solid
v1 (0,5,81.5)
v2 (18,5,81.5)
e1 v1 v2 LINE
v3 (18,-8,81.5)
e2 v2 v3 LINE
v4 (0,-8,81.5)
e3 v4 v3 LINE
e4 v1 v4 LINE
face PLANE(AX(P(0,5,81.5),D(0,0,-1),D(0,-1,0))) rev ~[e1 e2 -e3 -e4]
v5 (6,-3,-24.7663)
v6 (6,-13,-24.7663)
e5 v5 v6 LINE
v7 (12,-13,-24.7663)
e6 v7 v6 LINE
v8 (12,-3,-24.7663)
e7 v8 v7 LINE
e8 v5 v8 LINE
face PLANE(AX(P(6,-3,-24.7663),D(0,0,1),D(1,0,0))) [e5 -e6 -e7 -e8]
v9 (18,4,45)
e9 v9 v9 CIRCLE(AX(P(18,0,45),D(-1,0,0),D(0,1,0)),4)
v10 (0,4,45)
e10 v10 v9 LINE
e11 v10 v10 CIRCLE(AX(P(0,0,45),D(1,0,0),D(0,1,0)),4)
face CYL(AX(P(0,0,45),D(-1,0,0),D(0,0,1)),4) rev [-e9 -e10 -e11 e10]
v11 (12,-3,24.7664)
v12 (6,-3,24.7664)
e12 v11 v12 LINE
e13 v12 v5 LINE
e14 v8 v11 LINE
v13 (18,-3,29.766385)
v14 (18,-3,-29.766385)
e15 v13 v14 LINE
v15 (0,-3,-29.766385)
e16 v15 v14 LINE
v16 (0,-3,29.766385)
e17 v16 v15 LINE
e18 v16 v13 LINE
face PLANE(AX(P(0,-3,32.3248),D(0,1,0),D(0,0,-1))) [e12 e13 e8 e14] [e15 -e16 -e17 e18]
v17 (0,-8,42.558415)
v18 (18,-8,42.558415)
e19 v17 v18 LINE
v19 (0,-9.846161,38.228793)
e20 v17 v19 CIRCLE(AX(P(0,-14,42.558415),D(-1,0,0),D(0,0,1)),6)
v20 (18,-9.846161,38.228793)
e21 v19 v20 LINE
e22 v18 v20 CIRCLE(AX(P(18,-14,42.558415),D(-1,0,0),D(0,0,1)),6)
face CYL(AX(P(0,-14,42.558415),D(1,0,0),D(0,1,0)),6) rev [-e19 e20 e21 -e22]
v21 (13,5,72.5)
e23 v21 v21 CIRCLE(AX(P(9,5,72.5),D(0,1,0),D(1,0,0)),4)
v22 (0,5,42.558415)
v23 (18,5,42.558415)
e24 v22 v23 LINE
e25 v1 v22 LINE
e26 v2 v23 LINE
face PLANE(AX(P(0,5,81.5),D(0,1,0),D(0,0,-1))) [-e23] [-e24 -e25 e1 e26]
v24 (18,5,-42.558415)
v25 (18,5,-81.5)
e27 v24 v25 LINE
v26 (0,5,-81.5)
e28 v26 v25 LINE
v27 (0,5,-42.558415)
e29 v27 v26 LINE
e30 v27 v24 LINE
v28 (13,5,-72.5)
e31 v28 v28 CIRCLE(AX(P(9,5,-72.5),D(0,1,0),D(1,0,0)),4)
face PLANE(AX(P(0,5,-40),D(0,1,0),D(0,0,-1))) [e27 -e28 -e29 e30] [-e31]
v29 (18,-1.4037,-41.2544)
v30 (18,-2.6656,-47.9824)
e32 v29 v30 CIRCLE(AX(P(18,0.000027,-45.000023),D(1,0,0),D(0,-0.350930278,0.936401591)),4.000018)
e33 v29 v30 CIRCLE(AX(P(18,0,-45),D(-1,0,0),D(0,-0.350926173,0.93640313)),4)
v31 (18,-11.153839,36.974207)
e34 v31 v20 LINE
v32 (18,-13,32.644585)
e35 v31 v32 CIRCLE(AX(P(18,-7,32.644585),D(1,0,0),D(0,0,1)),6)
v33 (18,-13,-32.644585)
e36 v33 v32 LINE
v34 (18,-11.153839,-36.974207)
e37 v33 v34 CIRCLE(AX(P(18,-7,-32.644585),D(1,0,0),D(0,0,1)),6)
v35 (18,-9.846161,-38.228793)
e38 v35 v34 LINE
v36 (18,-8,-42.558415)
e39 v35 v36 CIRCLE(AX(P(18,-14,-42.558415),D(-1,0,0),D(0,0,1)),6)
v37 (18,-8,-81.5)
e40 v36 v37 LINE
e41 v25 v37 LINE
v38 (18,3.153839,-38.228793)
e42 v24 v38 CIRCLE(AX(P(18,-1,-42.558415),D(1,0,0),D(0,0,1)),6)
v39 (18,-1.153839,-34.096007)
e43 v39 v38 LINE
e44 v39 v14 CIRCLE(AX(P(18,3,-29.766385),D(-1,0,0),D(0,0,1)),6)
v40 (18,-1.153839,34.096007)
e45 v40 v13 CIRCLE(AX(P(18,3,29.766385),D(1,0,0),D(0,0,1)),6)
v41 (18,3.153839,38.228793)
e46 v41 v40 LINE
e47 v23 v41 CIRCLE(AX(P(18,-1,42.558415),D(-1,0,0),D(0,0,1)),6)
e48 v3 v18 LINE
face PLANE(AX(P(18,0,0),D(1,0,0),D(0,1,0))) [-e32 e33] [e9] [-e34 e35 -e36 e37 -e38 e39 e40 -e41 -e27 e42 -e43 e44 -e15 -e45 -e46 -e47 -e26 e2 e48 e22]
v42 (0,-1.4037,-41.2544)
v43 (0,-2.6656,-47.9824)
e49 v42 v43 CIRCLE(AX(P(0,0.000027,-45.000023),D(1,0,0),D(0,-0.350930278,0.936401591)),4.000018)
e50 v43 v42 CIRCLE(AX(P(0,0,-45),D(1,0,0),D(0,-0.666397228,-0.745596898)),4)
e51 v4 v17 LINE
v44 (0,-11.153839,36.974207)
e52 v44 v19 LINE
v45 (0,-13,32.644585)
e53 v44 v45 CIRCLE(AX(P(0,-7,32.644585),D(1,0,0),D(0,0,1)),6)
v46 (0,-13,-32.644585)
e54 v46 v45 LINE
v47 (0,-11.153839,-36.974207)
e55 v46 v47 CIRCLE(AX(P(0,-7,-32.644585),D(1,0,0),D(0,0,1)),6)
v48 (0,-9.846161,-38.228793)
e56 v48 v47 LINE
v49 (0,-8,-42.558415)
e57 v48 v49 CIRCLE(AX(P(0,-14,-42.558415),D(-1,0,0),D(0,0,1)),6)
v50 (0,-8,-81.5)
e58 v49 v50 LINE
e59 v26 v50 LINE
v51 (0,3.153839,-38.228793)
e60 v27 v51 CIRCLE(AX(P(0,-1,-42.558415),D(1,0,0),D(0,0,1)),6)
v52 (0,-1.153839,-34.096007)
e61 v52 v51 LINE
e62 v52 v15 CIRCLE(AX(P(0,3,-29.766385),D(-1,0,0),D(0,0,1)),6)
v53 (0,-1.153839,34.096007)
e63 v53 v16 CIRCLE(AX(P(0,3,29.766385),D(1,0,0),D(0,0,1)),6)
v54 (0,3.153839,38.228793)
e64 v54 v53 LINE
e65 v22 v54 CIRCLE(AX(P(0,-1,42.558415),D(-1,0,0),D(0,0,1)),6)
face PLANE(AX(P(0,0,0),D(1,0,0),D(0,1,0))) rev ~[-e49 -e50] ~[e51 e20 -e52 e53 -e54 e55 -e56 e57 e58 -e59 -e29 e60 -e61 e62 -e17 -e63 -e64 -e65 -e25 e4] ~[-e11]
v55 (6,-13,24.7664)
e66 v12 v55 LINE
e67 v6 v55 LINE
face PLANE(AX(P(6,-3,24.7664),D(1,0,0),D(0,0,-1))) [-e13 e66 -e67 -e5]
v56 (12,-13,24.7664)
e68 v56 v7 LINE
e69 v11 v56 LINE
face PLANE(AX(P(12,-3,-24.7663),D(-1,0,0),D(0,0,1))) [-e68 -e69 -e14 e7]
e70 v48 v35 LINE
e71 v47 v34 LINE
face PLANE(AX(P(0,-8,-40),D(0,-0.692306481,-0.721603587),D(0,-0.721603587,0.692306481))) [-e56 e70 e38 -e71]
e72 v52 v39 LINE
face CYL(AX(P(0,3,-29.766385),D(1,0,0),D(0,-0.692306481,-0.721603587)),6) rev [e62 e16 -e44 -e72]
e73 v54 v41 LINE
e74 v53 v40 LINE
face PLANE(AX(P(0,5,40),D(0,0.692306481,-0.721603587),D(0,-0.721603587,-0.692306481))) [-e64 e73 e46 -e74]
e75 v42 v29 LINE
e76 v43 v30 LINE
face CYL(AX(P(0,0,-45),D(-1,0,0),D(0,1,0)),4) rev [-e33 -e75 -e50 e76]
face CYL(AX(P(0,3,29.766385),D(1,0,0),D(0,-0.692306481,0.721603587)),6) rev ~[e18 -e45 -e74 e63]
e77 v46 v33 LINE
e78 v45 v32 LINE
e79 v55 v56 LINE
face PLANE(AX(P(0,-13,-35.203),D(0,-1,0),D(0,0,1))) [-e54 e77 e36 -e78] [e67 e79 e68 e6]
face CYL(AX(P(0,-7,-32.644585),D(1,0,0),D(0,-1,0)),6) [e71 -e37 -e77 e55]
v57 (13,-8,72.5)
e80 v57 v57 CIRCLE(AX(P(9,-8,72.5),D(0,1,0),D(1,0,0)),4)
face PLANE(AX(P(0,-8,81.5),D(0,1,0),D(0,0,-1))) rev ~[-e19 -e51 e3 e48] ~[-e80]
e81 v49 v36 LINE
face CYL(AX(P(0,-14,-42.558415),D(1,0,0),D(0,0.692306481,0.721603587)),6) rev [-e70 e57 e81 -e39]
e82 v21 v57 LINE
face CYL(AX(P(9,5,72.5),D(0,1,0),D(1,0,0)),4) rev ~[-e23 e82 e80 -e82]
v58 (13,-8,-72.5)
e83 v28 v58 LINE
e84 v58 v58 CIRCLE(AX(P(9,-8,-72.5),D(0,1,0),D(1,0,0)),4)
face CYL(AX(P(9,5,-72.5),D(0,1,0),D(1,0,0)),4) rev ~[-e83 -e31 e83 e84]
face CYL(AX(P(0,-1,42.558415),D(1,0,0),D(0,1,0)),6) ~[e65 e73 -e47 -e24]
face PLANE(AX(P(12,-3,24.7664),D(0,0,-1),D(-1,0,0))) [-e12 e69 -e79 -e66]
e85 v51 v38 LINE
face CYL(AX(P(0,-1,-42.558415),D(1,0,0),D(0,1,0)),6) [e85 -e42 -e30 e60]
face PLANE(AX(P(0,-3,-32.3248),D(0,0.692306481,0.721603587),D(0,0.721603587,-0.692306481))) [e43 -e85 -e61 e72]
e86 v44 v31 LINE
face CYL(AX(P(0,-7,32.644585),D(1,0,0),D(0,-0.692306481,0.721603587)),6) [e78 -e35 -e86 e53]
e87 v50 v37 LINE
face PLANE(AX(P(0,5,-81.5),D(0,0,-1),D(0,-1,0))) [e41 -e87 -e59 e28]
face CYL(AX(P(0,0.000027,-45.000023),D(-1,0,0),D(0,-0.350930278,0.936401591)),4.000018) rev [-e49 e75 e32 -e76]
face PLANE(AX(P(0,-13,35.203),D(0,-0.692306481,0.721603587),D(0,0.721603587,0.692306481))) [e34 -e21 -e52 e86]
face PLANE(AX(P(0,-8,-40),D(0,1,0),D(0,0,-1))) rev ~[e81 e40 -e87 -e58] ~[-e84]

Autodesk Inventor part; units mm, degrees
ref_plane "YZ Plane" through (0, 0, 0) normal (1, 0, 0) x (0, 1, 0)
ref_plane "XZ Plane" through (0, 0, 0) normal (0, 1, 0) x (-1, 0, 0)
ref_plane "XY Plane" through (0, 0, 0) normal (0, 0, 1) x (1, 0, 0)
sketch "Sketch1" plane through (0, 0, 0) normal (1, 0, 0) x (0, 1, 0)
  arc A0 (0, 49) -> (0, 41) centre (0, 45) ccw
  arc A1 (-1.4037, -41.2544) -> (-2.6656, -47.9824) centre (0, -45) ccw
  circle A2 centre (0, 45) radius 4
  circle A3 centre (0, -45) radius 4
  line L0 (5, 81.5) -> (-8, 81.5)
  line L1 (5, -81.5) -> (-8, -81.5)
  line L2 (5, -40) -> (-8, -40)
  line L3 (5, 40) -> (-8, 40)
  line L4 (5, 81.5) -> (5, 40)
  line L5 (5, -40) -> (5, -81.5)
  line L6 (-8, 81.5) -> (-8, 40)
  line L7 (-8, -40) -> (-8, -81.5)
  line L8 (-8, -40) -> (-13, -35.203)
  line L9 (-13, -35.203) -> (-13, 35.203)
  line L10 (-13, 35.203) -> (-8, 40)
  line L11 (5, 40) -> (-3, 32.3248)
  line L12 (-3, 32.3248) -> (-3, -32.3248)
  line L13 (-3, -32.3248) -> (5, -40)
  point P0 (0, 0)
  point P1 (0, 0)
  point P2 (-4, 45)
  point P3 (-8, -60.75)
  point P4 (-8, 60.75)
  point P5 (5, 60.75)
  dimension "d0" = 8
  dimension "d1" = 8
  dimension "d2" = 90
  dimension "d3" = 45
  dimension "d34" = 36.5
  dimension "d35" = 36.5
  dimension "d36" = 5
  dimension "d38" = 5
  dimension "d39" = 5
  dimension "d41" = 5
  dimension "d43" = 13
  dimension "d44" = 10
  dimension "d45" = 9
  dimension "d48" = 13
extrude "Extrusion1" add sketch "Sketch1" along normal blind 18
sketch "Sketch3" plane through (0, 5, 81.5) normal (0, 1, 0) x (1, 0, 0)
  circle A0 centre (9, 9) radius 4
  circle A1 centre (9, 154) radius 4
  line L0 (0, 41.5) -> (0, 0) projected
  line L1 (0, 0) -> (18, 0) projected
  line L2 (0, 163) -> (18, 163) projected
  point P0 (0, 81.5)
  dimension "d17" = 8
  dimension "d18" = 8
  dimension "d19" = 9
  dimension "d20" = 9
  dimension "d21" = 9
extrude "Extrusion3" cut sketch "Sketch3" against normal blind 27.75
fillet "Fillet1" radius 6 8 edges at (9, -8, -40) (9, -13, -35.203) (9, -13, 35.203) (9, -8, 40) (9, 5, -40) (9, -3, -32.3248) (9, -3, 32.3248) (9, 5, 40)
sketch "Sketch5" plane through (0, -3, 29.7664) normal (0, 1, 0) x (1, 0, 0)
  line L0 (6, 54.5327) -> (12, 54.5327)
  line L1 (12, 54.5327) -> (12, 5)
  line L2 (12, 5) -> (6, 5)
  line L3 (6, 5) -> (6, 54.5327)
  line L4 (0, 111.2664) -> (18, 111.2664) projected
  line L5 (0, 59.5327) -> (18, 59.5327) projected
  line L6 (18, 0) -> (0, 0) projected
  point P0 (0, 29.7664)
  point P1 (9, 54.5327)
  point P2 (9, 111.2664)
  dimension "d49" = 6
  dimension "d50" = 5
  dimension "d51" = 5
extrude "Extrusion5" cut sketch "Sketch5" against normal blind 27.75
properties part number "Frame_Mount"
